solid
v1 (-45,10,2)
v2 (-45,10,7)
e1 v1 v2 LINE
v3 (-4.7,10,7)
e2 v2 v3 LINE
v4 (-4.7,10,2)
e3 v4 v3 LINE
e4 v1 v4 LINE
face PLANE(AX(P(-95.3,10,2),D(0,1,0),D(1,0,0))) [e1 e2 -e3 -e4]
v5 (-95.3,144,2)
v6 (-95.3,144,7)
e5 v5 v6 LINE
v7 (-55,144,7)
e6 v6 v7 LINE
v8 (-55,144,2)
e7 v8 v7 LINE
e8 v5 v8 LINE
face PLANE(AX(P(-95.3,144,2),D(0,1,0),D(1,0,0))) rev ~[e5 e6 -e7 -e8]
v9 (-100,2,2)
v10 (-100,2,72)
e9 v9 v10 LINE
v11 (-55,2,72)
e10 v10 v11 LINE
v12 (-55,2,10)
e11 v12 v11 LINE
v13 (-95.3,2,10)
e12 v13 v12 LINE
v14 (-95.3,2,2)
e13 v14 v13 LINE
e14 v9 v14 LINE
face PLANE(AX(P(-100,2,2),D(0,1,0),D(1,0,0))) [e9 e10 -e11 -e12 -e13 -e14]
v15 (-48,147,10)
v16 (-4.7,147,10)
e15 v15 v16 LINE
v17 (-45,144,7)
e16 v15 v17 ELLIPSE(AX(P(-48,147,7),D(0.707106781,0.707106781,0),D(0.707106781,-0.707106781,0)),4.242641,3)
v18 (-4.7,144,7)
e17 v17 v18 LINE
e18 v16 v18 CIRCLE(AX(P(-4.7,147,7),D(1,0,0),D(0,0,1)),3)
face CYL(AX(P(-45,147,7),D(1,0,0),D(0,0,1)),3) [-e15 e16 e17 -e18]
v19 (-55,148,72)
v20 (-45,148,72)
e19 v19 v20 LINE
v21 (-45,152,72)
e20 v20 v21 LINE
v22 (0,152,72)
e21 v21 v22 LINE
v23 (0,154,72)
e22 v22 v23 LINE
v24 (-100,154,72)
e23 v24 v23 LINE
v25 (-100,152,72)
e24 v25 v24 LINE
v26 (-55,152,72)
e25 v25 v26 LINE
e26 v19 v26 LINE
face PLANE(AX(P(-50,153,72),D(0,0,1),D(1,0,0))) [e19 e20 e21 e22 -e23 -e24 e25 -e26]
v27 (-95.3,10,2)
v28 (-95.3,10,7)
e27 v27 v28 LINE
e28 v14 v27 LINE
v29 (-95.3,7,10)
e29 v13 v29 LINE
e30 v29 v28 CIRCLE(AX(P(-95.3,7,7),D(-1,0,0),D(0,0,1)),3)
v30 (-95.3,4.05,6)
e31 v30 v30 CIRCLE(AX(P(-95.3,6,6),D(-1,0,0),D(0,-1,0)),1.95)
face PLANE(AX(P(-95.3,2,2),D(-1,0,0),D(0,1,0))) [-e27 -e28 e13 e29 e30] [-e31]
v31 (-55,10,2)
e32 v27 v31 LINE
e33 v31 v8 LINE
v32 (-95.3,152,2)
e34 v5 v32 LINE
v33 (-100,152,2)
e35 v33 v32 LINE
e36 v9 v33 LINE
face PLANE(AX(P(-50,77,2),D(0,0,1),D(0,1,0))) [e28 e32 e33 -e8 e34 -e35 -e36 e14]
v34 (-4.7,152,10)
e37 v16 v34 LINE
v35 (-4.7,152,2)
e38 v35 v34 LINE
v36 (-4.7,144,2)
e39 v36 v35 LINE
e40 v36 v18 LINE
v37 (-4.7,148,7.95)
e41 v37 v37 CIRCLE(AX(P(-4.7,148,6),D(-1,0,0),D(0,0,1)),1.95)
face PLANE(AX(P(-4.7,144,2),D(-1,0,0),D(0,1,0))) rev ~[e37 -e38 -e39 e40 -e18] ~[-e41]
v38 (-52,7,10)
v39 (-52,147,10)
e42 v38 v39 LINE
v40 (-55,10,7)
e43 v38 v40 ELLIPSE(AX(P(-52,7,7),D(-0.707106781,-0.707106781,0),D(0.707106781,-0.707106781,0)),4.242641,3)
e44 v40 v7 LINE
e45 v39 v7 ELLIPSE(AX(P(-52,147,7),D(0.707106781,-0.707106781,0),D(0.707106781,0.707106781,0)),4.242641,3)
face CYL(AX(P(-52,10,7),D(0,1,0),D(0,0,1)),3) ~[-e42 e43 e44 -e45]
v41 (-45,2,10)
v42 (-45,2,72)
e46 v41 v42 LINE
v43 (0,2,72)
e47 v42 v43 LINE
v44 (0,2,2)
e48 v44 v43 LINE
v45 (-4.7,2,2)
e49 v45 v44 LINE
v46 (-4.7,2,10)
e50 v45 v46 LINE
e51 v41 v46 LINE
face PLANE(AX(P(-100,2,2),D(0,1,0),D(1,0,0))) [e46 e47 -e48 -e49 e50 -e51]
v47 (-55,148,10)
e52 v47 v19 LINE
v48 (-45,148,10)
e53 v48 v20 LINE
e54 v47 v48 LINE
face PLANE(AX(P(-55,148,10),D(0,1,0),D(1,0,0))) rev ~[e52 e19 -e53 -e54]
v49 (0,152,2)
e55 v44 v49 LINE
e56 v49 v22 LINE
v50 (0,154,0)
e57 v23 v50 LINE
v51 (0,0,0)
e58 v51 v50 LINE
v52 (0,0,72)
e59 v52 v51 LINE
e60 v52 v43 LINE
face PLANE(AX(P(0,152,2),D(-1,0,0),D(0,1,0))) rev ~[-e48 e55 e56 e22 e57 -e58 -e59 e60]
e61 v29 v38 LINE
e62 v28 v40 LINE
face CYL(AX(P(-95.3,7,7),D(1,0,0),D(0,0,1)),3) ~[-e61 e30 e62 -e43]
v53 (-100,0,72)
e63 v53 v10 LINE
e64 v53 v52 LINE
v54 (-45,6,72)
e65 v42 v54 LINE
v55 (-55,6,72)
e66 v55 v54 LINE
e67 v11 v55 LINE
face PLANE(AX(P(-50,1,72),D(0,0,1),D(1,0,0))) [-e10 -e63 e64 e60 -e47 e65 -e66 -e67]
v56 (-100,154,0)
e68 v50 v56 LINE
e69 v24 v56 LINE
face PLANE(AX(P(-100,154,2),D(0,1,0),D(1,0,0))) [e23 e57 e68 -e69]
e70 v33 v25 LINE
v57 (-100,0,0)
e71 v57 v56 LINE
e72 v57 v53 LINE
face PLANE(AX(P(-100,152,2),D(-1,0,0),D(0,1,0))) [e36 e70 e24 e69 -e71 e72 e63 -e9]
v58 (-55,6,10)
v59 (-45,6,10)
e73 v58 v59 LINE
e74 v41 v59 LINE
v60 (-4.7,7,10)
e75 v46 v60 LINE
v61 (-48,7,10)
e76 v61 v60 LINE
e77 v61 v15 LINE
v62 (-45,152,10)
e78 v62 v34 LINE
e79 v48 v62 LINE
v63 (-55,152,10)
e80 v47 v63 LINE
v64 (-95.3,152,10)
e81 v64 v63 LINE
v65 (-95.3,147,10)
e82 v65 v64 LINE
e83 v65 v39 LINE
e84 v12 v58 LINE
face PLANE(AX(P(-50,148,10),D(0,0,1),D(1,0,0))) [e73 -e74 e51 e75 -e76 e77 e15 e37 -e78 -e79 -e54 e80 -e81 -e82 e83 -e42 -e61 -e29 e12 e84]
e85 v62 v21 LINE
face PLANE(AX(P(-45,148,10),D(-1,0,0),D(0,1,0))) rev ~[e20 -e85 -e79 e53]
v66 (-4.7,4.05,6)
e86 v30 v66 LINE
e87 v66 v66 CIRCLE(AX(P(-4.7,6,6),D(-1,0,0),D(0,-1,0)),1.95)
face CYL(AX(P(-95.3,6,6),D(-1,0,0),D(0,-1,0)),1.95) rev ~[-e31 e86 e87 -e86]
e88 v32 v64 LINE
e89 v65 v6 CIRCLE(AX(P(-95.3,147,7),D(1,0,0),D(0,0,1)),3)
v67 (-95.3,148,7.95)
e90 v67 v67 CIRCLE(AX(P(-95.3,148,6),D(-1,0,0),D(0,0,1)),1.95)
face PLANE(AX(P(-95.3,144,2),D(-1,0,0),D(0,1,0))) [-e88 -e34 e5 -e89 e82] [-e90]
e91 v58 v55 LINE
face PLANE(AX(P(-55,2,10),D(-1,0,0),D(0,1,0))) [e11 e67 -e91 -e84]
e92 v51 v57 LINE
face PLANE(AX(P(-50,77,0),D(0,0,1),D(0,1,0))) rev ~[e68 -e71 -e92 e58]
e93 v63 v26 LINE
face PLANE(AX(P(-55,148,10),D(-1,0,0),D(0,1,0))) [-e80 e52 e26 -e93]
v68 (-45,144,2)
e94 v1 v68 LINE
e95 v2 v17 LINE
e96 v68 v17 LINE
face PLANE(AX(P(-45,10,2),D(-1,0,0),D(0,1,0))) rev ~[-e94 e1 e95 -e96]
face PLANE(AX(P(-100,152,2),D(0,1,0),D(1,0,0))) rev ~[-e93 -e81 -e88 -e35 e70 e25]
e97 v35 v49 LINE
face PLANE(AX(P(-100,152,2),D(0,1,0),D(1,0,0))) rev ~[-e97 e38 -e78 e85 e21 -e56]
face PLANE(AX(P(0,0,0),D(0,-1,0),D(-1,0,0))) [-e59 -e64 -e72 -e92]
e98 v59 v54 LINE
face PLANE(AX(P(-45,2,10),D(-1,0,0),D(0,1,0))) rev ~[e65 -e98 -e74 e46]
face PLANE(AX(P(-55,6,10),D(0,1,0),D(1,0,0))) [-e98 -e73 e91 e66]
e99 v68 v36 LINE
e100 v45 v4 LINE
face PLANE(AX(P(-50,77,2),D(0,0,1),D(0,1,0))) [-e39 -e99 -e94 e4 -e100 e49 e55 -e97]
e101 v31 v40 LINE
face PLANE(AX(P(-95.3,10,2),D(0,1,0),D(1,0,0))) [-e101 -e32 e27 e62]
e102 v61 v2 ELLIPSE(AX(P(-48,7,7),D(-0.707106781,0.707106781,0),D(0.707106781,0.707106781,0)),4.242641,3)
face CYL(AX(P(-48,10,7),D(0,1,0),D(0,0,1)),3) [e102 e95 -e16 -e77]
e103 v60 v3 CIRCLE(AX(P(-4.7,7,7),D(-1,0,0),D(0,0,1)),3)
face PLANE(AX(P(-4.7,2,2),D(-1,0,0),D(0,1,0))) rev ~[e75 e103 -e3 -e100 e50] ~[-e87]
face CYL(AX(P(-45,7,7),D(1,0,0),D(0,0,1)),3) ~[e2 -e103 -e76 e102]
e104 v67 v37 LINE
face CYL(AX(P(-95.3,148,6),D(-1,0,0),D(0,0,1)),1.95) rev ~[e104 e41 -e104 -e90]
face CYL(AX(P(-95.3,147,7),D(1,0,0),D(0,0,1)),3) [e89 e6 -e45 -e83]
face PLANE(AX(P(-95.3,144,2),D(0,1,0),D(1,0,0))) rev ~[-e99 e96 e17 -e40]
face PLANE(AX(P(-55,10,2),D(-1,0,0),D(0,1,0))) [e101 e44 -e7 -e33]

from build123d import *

# Parameters (mm, degrees)
SKETCH1_W           = 154
SKETCH1_H           = 100
BOSS_EXTRUDE1_DEPTH = 2
SKETCH2_W           = 100
SKETCH2_H           = 2
BOSS_EXTRUDE2_DEPTH = 70
SKETCH3_W           = 90.6
SKETCH3_H           = 8
BOSS_EXTRUDE3_DEPTH = 8
SKETCH4_W           = 10
SKETCH4_H           = 134
BOSS_EXTRUDE4_DEPTH = 8
SKETCH5_W           = 10
SKETCH5_H           = 4
BOSS_EXTRUDE5_DEPTH = 62
SKETCH6_R           = 1.95
CUT_EXTRUDE1_DEPTH  = 195.889943301
SKETCH7_R           = 1.95
CUT_EXTRUDE2_DEPTH  = 195.889943301
FILLET1_R           = 3


with BuildPart() as part:
    # Sketch1 → Boss-Extrude1 (new body)
    with BuildSketch(Plane(origin=(0, 0, 0), x_dir=(0, 1, 0), z_dir=(0, 0, 1))):
        with Locations((77, 50)):
            Rectangle(SKETCH1_W, SKETCH1_H)
    extrude(amount=BOSS_EXTRUDE1_DEPTH)

    # Sketch2 → Boss-Extrude2 (add)
    with BuildSketch(Plane.XY.offset(2)):
        with Locations((-50, 153)):
            Rectangle(SKETCH2_W, SKETCH2_H)
        with Locations((-50, 1)):
            Rectangle(SKETCH2_W, SKETCH2_H)
    extrude(amount=BOSS_EXTRUDE2_DEPTH)

    # Sketch3 → Boss-Extrude3 (add)
    with BuildSketch(Plane.XY.offset(2)):
        with Locations((-50, 148)):
            Rectangle(SKETCH3_W, SKETCH3_H)
        with Locations((-50, 6)):
            Rectangle(SKETCH3_W, SKETCH3_H)
    extrude(amount=BOSS_EXTRUDE3_DEPTH)

    # Sketch4 → Boss-Extrude4 (add)
    with BuildSketch(Plane.XY.offset(2)):
        with Locations((-50, 77)):
            Rectangle(SKETCH4_W, SKETCH4_H)
    extrude(amount=BOSS_EXTRUDE4_DEPTH)

    # Sketch5 → Boss-Extrude5 (add)
    with BuildSketch(Plane.XY.offset(10)):
        with Locations((-50, 150)):
            Rectangle(SKETCH5_W, SKETCH5_H)
        with Locations((-50, 4)):
            Rectangle(SKETCH5_W, SKETCH5_H)
    extrude(amount=BOSS_EXTRUDE5_DEPTH)

    # Sketch6 → Cut-Extrude1 (cut, through all)
    with BuildSketch(Plane(origin=(-95.3, 0, 0), x_dir=(0, -1, 0), z_dir=(-1, 0, 0))):
        with Locations((-6, 6)):
            Circle(SKETCH6_R)
    extrude(amount=-CUT_EXTRUDE1_DEPTH, mode=Mode.SUBTRACT)

    # Sketch7 → Cut-Extrude2 (cut, through all)
    with BuildSketch(Plane(origin=(-95.3, 0, 0), x_dir=(0, -1, 0), z_dir=(-1, 0, 0))):
        with Locations(Location((-148, 6, 0), (0, 0, 90))):
            Circle(SKETCH7_R)
    extrude(amount=-CUT_EXTRUDE2_DEPTH, mode=Mode.SUBTRACT)

    # Fillet1
    fillet1_edges = [part.edges().sort_by_distance(p)[0] for p in [
        (-75.15, 144, 10),
        (-24.85, 10, 10),
        (-75.15, 10, 10),
        (-24.85, 144, 10),
        (-55, 77, 10),
        (-45, 77, 10),
    ]]
    fillet(fillet1_edges, radius=FILLET1_R)


solid = part.part
